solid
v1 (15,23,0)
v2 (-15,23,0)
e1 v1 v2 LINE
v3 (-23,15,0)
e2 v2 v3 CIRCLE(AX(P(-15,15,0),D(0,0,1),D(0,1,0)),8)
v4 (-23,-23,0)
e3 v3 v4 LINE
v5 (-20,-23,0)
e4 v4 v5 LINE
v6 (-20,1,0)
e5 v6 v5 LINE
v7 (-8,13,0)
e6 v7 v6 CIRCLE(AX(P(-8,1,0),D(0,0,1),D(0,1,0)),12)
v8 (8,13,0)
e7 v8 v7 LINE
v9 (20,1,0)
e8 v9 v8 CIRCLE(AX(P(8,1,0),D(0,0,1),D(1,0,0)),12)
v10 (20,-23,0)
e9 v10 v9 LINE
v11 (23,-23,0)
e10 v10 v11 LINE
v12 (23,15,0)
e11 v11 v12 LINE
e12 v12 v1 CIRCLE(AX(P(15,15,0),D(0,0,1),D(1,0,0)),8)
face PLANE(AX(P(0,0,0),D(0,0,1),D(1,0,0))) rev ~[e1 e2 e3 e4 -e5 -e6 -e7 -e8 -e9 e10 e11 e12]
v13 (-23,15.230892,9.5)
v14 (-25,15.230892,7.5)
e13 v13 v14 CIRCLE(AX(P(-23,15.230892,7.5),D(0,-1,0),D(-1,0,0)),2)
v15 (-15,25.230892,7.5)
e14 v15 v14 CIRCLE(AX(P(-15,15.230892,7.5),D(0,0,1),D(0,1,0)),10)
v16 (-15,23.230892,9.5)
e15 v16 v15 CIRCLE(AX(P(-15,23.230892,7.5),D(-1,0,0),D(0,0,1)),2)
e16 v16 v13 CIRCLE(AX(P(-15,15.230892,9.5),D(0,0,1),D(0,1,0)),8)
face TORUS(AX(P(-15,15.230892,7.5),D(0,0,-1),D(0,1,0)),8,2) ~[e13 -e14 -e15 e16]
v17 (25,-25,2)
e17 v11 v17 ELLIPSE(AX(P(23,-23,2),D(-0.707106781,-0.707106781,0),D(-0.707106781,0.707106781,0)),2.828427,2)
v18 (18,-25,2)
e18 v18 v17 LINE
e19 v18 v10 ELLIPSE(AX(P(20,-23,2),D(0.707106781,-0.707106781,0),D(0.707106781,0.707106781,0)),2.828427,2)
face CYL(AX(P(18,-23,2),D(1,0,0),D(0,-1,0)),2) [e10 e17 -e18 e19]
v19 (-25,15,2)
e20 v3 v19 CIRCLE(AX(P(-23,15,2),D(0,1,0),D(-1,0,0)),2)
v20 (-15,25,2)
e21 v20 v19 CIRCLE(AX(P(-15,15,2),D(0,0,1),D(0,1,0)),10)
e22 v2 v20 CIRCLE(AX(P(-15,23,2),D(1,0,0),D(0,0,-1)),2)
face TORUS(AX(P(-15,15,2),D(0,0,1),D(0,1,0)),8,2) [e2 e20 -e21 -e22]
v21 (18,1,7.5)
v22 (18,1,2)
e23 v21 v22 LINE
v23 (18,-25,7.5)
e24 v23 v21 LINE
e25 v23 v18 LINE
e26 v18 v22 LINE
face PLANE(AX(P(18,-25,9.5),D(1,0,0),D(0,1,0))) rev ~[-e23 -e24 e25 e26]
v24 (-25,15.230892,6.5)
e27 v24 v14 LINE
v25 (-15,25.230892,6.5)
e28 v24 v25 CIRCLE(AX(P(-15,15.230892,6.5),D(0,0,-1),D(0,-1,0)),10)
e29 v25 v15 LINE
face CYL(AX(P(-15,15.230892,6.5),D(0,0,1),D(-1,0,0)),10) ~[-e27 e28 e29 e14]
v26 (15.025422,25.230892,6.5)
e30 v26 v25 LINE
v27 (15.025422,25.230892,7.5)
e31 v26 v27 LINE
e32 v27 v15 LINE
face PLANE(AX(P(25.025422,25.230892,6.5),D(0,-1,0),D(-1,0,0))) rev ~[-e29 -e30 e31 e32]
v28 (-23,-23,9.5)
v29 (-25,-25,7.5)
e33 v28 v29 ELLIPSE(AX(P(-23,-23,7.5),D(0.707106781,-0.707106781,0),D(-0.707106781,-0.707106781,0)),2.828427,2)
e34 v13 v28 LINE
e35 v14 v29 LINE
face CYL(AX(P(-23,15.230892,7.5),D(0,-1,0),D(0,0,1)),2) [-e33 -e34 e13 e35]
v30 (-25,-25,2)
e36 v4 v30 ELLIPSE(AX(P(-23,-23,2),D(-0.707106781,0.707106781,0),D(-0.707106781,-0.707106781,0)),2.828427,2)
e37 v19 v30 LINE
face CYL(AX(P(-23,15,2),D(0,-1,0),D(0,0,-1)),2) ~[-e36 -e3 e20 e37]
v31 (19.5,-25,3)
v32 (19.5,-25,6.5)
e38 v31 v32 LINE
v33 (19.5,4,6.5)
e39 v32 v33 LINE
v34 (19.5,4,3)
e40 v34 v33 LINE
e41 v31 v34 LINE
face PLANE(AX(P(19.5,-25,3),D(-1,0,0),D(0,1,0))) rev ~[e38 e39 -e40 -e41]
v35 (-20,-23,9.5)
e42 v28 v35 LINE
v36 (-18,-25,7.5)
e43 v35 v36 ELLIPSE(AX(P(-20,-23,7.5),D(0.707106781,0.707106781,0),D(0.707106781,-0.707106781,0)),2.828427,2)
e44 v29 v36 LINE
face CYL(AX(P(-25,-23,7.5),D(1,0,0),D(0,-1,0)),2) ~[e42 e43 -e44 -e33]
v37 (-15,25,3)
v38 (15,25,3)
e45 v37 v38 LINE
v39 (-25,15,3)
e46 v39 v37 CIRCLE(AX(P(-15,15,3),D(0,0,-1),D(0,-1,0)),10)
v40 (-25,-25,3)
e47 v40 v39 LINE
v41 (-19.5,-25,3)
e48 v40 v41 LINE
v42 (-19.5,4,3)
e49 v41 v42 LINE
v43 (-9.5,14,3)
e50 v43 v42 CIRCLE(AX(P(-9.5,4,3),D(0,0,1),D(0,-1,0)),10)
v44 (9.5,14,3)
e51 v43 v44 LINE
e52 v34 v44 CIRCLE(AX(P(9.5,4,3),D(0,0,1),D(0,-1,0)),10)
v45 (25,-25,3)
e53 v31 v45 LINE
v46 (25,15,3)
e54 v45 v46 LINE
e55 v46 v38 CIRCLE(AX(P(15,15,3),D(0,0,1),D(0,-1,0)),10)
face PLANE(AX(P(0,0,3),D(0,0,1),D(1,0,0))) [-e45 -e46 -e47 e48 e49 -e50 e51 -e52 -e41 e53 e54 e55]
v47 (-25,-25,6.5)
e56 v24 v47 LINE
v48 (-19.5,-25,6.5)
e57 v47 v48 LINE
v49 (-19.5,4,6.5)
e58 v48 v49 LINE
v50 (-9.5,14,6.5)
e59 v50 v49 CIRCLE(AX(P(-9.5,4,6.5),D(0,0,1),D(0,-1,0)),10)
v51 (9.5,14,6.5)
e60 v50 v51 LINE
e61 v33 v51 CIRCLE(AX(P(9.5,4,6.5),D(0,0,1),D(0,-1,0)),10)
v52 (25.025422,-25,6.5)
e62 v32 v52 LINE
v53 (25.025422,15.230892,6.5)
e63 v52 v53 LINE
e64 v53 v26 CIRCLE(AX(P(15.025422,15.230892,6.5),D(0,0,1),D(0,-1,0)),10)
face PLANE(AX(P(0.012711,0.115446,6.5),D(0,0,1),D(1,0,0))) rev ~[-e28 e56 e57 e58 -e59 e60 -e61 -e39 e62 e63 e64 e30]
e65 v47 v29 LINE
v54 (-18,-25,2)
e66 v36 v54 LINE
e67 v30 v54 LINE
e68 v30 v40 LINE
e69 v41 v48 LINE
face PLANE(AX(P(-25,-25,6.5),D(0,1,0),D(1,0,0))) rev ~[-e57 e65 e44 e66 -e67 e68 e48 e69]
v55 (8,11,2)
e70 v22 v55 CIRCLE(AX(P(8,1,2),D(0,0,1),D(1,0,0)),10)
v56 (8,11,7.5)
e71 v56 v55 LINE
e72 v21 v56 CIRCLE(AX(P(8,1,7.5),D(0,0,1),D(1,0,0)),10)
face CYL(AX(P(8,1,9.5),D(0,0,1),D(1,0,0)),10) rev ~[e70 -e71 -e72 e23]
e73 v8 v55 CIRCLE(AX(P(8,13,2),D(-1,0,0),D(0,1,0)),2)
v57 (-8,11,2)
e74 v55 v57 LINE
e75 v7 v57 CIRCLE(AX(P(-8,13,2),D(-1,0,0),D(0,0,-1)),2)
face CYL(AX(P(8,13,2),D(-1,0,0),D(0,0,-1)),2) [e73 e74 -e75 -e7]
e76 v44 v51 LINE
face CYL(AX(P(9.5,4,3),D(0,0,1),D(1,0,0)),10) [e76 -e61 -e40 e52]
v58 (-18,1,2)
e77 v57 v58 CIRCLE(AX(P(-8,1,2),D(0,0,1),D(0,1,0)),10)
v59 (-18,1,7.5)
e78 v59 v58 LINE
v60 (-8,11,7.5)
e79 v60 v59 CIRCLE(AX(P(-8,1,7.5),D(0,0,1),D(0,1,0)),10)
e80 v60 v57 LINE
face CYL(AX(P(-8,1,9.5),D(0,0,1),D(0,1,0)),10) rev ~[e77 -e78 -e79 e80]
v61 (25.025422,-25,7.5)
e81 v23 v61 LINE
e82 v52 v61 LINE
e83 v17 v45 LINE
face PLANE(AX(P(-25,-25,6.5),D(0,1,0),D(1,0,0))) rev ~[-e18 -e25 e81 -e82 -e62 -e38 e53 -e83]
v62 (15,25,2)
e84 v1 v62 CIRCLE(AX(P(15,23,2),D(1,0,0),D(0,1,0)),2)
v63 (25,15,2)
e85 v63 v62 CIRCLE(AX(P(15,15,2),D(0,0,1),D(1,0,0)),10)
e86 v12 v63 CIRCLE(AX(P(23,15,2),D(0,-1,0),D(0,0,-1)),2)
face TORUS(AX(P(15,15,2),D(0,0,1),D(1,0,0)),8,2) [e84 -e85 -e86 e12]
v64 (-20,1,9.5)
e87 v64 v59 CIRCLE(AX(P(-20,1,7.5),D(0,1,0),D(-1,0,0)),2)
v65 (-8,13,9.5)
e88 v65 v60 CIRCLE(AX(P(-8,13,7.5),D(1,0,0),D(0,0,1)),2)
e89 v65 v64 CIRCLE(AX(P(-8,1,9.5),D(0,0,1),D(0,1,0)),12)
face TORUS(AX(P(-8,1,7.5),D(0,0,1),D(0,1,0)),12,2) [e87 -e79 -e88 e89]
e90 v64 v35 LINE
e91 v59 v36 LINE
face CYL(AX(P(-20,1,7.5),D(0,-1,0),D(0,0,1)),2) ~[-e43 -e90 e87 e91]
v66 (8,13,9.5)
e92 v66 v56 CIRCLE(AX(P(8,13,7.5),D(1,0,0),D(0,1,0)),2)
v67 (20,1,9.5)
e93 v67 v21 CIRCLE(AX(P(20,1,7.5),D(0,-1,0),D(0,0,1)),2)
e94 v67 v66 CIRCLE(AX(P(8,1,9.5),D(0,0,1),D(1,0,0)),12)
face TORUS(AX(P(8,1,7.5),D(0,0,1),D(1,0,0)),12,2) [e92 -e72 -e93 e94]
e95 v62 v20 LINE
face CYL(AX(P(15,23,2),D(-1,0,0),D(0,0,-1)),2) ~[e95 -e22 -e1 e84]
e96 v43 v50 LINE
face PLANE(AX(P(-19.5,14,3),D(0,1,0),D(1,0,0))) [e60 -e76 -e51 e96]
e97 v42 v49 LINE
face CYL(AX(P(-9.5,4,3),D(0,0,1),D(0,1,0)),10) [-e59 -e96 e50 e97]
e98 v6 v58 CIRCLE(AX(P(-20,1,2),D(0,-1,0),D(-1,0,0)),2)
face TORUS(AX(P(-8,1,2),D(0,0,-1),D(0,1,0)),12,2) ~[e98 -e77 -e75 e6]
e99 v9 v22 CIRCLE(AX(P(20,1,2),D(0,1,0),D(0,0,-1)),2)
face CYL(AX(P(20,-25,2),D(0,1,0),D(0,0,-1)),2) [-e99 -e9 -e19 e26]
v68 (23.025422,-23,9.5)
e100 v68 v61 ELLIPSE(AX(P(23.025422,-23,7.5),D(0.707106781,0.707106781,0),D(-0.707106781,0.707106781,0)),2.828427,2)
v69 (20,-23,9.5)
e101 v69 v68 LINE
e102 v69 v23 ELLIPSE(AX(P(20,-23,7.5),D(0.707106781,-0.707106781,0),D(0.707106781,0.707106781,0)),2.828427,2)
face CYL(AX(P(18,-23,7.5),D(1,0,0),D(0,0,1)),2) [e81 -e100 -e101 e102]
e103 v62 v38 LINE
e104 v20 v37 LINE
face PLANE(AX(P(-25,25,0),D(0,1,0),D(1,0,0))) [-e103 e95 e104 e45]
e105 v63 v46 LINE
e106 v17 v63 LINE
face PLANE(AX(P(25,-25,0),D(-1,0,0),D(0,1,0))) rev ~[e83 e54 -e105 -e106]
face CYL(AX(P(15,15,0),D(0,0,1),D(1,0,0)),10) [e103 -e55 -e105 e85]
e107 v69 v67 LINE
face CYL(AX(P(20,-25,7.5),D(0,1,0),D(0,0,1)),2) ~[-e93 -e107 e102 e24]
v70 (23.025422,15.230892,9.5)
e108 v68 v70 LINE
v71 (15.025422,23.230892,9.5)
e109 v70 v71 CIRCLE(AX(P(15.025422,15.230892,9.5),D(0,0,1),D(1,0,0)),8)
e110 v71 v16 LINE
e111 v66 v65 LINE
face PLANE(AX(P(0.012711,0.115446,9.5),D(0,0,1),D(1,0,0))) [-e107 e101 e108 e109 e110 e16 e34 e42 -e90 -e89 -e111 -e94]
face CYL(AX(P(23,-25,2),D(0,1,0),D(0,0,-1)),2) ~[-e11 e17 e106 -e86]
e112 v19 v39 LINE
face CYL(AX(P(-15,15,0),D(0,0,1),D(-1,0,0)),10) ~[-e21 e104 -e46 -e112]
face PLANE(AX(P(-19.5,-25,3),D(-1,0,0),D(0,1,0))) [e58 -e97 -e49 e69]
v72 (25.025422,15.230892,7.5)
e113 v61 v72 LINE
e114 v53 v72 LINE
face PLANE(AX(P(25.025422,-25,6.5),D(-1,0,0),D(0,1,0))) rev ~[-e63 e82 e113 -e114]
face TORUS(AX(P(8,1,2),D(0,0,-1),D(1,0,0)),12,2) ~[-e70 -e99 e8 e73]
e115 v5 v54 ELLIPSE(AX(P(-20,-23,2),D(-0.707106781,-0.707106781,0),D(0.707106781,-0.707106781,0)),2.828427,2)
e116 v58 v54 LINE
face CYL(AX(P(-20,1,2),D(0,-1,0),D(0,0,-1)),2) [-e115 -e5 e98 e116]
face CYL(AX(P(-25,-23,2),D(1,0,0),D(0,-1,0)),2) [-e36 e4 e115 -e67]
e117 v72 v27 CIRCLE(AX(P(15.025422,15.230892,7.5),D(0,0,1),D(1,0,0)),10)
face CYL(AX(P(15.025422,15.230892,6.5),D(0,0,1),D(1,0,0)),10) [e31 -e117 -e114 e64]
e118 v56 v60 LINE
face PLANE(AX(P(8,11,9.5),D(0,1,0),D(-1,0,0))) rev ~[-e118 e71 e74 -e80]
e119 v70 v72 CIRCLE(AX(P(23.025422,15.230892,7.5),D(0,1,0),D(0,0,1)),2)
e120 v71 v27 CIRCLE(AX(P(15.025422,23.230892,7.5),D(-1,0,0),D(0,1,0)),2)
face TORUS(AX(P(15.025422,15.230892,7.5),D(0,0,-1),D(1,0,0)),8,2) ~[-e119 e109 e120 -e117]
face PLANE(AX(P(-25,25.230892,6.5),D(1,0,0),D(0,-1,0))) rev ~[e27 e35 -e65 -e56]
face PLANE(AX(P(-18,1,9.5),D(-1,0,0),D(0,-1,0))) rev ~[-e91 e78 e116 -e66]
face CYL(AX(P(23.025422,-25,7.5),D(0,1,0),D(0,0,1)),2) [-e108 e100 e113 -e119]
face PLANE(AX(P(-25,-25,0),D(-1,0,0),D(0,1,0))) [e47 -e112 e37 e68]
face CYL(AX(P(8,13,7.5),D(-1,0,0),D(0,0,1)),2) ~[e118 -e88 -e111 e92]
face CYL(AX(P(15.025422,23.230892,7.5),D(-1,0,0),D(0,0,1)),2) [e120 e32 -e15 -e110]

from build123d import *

# Parameters (mm, degrees)
F0_W     = 50
F0_H     = 50
F1_DEPTH = 3
F2_W     = 39
F2_H     = 39
F3_DEPTH = 3.5
F6_DEPTH = 3
F7_R     = 10
F9_DEPTH = 9.5
F10_R    = 2


with BuildPart() as f1:
    # F0 (on Top) → F1 (new body)
    with BuildSketch(Plane.XY):
        Rectangle(F0_W, F0_H)
    extrude(amount=F1_DEPTH)

    # F2 (on face) → F3 (join)
    with BuildSketch(Plane.XY.offset(3)):
        with Locations((0, -5.5)):
            Rectangle(F2_W, F2_H)
    extrude(amount=F3_DEPTH)

    # F5 (on face) → F6 (join)
    with BuildSketch(Plane.XY.offset(6.5)):
        Polygon((-25, -25), (-19.5, -25), (25.0254217535, -25), (25.0254217535, 25.2308920026), (-25, 25.2308920026), align=None)
    extrude(amount=F6_DEPTH)

    # F7
    f7_edges = [f1.edges().sort_by_distance(p)[0] for p in [
        (-25, 25, 1.5),
        (-25, 25.230892, 8),
        (25.025422, 25.230892, 8),
        (25, 25, 1.5),
        (-19.5, 14, 4.75),
        (19.5, 14, 4.75),
    ]]
    fillet(f7_edges, radius=F7_R)

    # F8 (on face) → F9 (cut, through all)
    with BuildSketch(Plane.XY.offset(9.5)):
        with BuildLine():
            Line((-18, 1), (-18, -25))
            Line((-18, -25), (18, -25))
            Line((18, -25), (18, 1))
            ThreePointArc((18, 1), (15.0710678119, 8.0710678119), (8, 11))
            Line((8, 11), (-8, 11))
            ThreePointArc((-8, 11), (-15.0710678119, 8.0710678119), (-18, 1))
        make_face()
    extrude(amount=-F9_DEPTH, mode=Mode.SUBTRACT)

    # F10
    f10_edges = [f1.edges().sort_by_distance(p)[0] for p in [
        (25.025422, -4.884554, 9.5),
        (21.512711, -25, 9.5),
        (18, -12, 9.5),
        (15.071068, 8.071068, 9.5),
        (0, 11, 9.5),
        (-15.071068, 8.071068, 9.5),
        (-18, -12, 9.5),
        (-21.5, -25, 9.5),
        (-25, -4.884554, 9.5),
        (-22.071068, 22.30196, 9.5),
        (0.012711, 25.230892, 9.5),
        (22.09649, 22.30196, 9.5),
        (25, -5, 0),
        (21.5, -25, 0),
        (18, -12, 0),
        (15.071068, 8.071068, 0),
        (0, 11, 0),
        (-15.071068, 8.071068, 0),
        (-18, -12, 0),
        (-21.5, -25, 0),
        (-25, -5, 0),
        (-22.071068, 22.071068, 0),
        (0, 25, 0),
        (22.071068, 22.071068, 0),
    ]]
    fillet(f10_edges, radius=F10_R)


solid = f1.part
